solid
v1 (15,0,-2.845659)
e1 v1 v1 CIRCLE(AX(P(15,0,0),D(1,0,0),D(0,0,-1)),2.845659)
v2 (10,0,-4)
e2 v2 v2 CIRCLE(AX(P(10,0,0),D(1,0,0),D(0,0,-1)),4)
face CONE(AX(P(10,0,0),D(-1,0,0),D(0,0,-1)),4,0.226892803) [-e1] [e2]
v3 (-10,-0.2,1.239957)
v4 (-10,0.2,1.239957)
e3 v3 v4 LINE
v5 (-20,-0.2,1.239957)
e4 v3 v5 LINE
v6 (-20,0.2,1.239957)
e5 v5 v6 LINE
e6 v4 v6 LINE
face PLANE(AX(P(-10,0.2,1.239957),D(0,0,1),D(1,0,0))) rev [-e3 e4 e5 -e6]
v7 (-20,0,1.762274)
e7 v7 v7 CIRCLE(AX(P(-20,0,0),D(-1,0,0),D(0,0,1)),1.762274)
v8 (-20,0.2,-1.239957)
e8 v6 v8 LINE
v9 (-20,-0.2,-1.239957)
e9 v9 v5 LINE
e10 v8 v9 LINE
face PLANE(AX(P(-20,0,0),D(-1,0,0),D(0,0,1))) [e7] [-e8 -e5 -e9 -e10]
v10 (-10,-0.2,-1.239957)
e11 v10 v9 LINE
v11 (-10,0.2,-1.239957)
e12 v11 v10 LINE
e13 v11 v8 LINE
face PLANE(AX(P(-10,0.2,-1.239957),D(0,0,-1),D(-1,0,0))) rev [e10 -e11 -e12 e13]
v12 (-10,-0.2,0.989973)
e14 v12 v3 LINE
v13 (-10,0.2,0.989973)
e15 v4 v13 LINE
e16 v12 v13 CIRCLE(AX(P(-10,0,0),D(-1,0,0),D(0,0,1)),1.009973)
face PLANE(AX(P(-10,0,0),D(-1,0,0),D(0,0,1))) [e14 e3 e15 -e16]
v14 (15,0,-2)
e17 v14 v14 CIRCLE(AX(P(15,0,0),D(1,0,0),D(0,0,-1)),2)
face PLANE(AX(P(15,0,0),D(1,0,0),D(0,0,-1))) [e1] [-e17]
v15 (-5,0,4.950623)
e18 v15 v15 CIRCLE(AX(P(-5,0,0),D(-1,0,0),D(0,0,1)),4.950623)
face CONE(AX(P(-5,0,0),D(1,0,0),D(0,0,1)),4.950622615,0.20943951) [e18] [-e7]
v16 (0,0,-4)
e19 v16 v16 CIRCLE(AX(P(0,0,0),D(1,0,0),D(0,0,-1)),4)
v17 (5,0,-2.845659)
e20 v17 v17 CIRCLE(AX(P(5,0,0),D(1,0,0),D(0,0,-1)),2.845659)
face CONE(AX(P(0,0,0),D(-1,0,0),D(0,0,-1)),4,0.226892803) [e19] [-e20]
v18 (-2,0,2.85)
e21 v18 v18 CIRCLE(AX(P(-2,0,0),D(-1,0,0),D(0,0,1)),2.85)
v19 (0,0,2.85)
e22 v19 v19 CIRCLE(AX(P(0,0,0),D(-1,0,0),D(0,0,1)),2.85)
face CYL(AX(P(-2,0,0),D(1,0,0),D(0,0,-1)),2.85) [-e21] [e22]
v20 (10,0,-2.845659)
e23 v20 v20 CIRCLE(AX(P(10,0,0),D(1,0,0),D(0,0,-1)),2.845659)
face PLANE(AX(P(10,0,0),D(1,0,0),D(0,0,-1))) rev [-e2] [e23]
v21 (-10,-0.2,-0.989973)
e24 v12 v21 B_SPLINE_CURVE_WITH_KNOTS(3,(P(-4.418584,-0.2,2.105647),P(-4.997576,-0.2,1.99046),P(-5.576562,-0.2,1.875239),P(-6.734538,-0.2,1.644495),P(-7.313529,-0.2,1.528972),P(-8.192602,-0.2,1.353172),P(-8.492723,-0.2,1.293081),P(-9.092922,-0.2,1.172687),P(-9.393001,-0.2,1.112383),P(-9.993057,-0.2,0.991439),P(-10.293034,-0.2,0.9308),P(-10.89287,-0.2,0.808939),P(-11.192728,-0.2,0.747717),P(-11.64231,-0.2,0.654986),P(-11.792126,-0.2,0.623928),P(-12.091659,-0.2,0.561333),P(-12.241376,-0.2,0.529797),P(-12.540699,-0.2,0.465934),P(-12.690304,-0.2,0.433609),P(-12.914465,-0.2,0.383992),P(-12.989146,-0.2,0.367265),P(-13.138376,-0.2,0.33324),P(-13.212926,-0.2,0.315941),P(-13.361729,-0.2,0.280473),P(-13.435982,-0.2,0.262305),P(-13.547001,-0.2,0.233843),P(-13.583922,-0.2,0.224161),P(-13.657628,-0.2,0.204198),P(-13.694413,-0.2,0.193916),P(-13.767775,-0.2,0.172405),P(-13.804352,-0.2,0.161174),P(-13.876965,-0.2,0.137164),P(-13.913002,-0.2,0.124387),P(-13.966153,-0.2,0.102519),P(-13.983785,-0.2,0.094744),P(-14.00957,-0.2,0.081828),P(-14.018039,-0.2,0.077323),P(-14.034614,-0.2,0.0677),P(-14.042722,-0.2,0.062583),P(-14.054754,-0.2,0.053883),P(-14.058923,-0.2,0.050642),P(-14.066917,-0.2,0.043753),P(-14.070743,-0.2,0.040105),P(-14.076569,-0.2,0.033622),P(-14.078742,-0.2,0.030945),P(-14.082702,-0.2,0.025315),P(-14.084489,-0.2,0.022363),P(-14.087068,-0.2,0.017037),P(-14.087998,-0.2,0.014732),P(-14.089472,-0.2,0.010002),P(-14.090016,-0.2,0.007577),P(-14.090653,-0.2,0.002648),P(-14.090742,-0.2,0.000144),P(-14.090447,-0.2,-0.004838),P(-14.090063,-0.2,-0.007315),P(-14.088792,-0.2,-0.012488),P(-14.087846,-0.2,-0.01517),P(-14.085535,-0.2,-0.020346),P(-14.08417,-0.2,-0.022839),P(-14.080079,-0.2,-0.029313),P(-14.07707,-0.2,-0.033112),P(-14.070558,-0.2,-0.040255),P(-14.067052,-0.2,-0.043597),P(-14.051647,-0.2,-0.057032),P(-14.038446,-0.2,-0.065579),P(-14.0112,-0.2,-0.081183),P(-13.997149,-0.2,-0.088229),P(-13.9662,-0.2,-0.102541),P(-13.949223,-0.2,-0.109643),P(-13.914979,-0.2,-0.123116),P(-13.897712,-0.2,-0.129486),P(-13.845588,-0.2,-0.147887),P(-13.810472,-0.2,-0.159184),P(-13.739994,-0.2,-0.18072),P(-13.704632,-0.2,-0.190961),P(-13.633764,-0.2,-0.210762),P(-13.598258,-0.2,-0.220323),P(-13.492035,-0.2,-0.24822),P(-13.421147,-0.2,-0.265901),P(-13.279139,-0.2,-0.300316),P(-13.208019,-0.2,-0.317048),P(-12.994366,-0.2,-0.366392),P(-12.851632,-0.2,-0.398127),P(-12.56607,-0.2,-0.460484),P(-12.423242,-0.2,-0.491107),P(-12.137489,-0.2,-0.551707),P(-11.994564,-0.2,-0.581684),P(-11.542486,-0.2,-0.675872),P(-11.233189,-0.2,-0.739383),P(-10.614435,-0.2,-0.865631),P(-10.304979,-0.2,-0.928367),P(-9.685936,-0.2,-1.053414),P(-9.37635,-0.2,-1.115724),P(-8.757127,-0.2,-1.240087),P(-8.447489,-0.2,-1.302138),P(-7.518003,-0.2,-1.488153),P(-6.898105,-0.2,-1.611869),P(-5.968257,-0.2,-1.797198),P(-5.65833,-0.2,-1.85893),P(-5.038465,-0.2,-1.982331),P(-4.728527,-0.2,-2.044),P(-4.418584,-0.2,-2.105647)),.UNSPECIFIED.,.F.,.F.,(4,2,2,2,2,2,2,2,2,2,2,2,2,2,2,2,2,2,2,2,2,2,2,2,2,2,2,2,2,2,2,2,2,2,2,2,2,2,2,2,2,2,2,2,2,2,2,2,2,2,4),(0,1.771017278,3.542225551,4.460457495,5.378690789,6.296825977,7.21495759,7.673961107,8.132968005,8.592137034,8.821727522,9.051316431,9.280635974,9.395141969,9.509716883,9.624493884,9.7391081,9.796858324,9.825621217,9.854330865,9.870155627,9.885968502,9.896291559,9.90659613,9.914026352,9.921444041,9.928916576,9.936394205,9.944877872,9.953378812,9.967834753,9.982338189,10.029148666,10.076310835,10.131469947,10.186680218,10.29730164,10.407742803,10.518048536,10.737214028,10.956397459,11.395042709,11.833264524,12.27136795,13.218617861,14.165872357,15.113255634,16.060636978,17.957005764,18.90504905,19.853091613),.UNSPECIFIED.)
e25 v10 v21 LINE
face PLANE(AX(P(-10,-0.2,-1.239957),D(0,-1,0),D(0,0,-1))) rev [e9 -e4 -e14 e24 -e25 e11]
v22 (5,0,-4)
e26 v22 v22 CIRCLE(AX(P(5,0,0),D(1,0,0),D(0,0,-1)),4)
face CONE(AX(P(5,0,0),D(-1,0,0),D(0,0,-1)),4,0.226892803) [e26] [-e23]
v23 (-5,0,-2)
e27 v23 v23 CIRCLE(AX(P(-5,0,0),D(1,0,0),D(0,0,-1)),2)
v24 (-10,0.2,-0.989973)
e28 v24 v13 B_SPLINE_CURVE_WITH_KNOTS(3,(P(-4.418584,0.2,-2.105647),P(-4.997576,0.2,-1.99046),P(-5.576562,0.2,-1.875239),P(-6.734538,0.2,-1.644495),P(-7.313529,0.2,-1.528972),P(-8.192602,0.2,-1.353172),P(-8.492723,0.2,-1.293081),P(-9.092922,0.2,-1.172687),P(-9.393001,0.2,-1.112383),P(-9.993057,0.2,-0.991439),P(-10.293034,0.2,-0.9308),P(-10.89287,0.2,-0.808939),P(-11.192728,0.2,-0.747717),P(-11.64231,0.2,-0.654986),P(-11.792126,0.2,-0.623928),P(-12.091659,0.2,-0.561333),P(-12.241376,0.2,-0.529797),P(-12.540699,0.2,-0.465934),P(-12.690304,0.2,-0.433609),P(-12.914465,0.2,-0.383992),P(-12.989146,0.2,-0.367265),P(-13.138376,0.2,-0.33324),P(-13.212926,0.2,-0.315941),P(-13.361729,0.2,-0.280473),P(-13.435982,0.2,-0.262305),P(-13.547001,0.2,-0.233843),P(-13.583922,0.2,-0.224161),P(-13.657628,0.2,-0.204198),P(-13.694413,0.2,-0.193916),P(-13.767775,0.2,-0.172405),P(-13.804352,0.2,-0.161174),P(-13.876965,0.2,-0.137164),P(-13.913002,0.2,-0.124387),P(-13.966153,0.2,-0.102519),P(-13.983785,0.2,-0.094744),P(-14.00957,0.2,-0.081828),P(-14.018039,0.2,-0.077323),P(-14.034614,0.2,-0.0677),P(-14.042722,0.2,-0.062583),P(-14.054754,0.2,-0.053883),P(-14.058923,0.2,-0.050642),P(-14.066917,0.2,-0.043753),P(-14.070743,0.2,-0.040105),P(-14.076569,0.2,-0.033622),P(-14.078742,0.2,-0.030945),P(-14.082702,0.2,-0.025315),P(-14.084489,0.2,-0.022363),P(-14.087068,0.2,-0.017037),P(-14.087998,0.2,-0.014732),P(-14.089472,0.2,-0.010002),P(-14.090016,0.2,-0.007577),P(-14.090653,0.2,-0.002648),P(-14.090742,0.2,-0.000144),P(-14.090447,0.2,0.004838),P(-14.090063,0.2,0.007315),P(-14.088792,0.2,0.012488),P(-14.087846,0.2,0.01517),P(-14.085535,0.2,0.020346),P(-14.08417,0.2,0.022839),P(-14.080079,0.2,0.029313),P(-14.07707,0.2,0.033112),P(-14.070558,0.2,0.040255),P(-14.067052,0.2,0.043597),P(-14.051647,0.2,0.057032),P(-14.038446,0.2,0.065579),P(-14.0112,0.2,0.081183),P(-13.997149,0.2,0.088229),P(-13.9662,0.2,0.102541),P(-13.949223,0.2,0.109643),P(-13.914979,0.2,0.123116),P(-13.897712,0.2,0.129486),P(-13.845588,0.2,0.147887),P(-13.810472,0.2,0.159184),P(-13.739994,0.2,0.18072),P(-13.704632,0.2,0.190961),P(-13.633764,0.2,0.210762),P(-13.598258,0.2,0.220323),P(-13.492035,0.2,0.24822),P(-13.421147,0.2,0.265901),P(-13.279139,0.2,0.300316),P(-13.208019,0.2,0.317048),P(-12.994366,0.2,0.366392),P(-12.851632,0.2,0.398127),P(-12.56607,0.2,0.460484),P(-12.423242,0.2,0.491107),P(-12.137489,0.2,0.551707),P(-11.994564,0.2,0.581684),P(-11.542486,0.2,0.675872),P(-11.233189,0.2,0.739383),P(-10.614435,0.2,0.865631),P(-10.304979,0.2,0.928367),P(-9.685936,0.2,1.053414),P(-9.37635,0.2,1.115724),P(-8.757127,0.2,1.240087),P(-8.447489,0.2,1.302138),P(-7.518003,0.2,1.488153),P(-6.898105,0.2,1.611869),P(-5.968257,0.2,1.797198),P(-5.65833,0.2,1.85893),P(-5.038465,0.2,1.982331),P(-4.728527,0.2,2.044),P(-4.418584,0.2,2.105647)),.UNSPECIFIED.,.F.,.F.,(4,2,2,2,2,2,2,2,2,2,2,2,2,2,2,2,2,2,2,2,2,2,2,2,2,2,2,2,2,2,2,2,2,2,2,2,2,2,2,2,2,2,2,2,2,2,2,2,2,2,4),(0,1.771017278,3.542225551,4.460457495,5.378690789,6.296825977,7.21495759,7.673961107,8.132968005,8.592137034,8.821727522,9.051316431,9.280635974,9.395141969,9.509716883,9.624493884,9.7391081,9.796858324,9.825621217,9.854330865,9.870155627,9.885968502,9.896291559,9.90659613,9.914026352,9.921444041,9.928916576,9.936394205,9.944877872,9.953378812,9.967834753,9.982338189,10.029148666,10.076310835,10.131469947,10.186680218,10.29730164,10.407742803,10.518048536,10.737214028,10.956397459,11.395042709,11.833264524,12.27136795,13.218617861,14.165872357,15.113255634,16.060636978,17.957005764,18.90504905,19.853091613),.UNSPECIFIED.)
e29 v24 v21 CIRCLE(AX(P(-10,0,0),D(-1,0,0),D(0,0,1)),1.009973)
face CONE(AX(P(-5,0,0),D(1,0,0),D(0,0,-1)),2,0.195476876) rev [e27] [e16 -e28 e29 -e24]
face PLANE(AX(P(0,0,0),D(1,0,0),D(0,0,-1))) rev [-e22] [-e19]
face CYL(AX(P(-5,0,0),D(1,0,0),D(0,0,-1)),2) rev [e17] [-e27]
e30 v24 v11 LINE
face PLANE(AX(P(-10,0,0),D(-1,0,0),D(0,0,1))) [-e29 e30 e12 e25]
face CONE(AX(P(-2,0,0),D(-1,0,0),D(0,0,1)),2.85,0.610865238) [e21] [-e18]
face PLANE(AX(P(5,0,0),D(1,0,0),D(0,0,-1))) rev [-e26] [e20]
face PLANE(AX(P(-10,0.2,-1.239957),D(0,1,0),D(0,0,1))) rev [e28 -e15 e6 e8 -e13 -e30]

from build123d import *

# Parameters (mm, degrees)
SKETCH1_R           = 4
BOSS_EXTRUDE1_DEPTH = 5
BOSS_EXTRUDE1_TAPER = 13
SKETCH2_R           = 4
BOSS_EXTRUDE2_DEPTH = 5
BOSS_EXTRUDE2_TAPER = 13
SKETCH3_R           = 4
BOSS_EXTRUDE3_DEPTH = 5
BOSS_EXTRUDE3_TAPER = 13
SKETCH4_R           = 2.85
BOSS_EXTRUDE4_DEPTH = 2
SKETCH5_R           = 2.85
BOSS_EXTRUDE5_DEPTH = 3
BOSS_EXTRUDE5_DRAFT = -35
SKETCH6_R           = 4.950622615
BOSS_EXTRUDE6_DEPTH = 15
BOSS_EXTRUDE6_TAPER = 12
SKETCH9_R           = 2
CUT_EXTRUDE1_DEPTH  = 20
SKETCH12_W          = 2.479913688
SKETCH12_H          = 0.4
CUT_EXTRUDE10_DEPTH = 10
SKETCH14_R          = 2
CUT_EXTRUDE11_DEPTH = 10
CUT_EXTRUDE11_DRAFT = -11.2


with BuildPart() as part:
    # Sketch1 → Boss-Extrude1 (new body)
    with BuildSketch(Plane(origin=(0, 0, 0), x_dir=(0, 0, -1), z_dir=(1, 0, 0))):
        Circle(SKETCH1_R)
    extrude(amount=BOSS_EXTRUDE1_DEPTH, taper=BOSS_EXTRUDE1_TAPER)

    # Sketch2 → Boss-Extrude2 (add)
    with BuildSketch(Plane(origin=(5, 0, 0), x_dir=(0, 0, -1), z_dir=(1, 0, 0))):
        Circle(SKETCH2_R)
    extrude(amount=BOSS_EXTRUDE2_DEPTH, taper=BOSS_EXTRUDE2_TAPER)

    # Sketch3 → Boss-Extrude3 (add)
    with BuildSketch(Plane(origin=(10, 0, 0), x_dir=(0, 0, -1), z_dir=(1, 0, 0))):
        Circle(SKETCH3_R)
    extrude(amount=BOSS_EXTRUDE3_DEPTH, taper=BOSS_EXTRUDE3_TAPER)

    # Sketch4 → Boss-Extrude4 (add)
    with BuildSketch(Plane.ZY):
        Circle(SKETCH4_R)
    extrude(amount=BOSS_EXTRUDE4_DEPTH)


with BuildPart() as boss_extrude5_tool:
    # Sketch5 → Boss-Extrude5 (with draft: the straight prism first)
    with BuildSketch(Plane.ZY.offset(2)):
        Circle(SKETCH5_R)
    extrude(amount=BOSS_EXTRUDE5_DEPTH)
    # Boss-Extrude5: the draft: its side faces are tilted about the plane it starts from
    boss_extrude5_sides = [boss_extrude5_tool.faces().sort_by_distance(p)[0] for p in [
        (-3.5, 0, -2.85),
    ]]
    draft(boss_extrude5_sides, Plane.ZY.offset(2), BOSS_EXTRUDE5_DRAFT)


with BuildPart() as part_1:
    add(part.part)

    # Boss-Extrude5: add boss_extrude5_tool
    add(boss_extrude5_tool.part)

    # Sketch6 → Boss-Extrude6 (add)
    with BuildSketch(Plane.ZY.offset(5)):
        Circle(SKETCH6_R)
    extrude(amount=BOSS_EXTRUDE6_DEPTH, taper=BOSS_EXTRUDE6_TAPER)

    # Sketch9 → Cut-Extrude1 (cut)
    with BuildSketch(Plane(origin=(15, 0, 0), x_dir=(0, 0, -1), z_dir=(1, 0, 0))):
        Circle(SKETCH9_R)
    extrude(amount=-CUT_EXTRUDE1_DEPTH, mode=Mode.SUBTRACT)

    # Sketch12 → Cut-Extrude10 (cut)
    with BuildSketch(Plane.ZY.offset(20)):
        Rectangle(SKETCH12_W, SKETCH12_H)
    extrude(amount=-CUT_EXTRUDE10_DEPTH, mode=Mode.SUBTRACT)


with BuildPart() as cut_extrude11_tool:
    # Sketch14 → Cut-Extrude11 (with draft: the straight prism first)
    with BuildSketch(Plane(origin=(-5, 0, 0), x_dir=(0, 0, -1), z_dir=(1, 0, 0))):
        Circle(SKETCH14_R)
    extrude(amount=-CUT_EXTRUDE11_DEPTH)
    # Cut-Extrude11: the draft: its side faces are tilted about the plane it starts from
    cut_extrude11_sides = [cut_extrude11_tool.faces().sort_by_distance(p)[0] for p in [
        (-10, 0, 2),
    ]]
    draft(cut_extrude11_sides, Plane(origin=(-5, 0, 0), x_dir=(0, 0, -1), z_dir=(1, 0, 0)), CUT_EXTRUDE11_DRAFT)


with BuildPart() as part_2:
    add(part_1.part)

    # Cut-Extrude11: cut by cut_extrude11_tool
    add(cut_extrude11_tool.part, mode=Mode.SUBTRACT)


solid = part_2.part
